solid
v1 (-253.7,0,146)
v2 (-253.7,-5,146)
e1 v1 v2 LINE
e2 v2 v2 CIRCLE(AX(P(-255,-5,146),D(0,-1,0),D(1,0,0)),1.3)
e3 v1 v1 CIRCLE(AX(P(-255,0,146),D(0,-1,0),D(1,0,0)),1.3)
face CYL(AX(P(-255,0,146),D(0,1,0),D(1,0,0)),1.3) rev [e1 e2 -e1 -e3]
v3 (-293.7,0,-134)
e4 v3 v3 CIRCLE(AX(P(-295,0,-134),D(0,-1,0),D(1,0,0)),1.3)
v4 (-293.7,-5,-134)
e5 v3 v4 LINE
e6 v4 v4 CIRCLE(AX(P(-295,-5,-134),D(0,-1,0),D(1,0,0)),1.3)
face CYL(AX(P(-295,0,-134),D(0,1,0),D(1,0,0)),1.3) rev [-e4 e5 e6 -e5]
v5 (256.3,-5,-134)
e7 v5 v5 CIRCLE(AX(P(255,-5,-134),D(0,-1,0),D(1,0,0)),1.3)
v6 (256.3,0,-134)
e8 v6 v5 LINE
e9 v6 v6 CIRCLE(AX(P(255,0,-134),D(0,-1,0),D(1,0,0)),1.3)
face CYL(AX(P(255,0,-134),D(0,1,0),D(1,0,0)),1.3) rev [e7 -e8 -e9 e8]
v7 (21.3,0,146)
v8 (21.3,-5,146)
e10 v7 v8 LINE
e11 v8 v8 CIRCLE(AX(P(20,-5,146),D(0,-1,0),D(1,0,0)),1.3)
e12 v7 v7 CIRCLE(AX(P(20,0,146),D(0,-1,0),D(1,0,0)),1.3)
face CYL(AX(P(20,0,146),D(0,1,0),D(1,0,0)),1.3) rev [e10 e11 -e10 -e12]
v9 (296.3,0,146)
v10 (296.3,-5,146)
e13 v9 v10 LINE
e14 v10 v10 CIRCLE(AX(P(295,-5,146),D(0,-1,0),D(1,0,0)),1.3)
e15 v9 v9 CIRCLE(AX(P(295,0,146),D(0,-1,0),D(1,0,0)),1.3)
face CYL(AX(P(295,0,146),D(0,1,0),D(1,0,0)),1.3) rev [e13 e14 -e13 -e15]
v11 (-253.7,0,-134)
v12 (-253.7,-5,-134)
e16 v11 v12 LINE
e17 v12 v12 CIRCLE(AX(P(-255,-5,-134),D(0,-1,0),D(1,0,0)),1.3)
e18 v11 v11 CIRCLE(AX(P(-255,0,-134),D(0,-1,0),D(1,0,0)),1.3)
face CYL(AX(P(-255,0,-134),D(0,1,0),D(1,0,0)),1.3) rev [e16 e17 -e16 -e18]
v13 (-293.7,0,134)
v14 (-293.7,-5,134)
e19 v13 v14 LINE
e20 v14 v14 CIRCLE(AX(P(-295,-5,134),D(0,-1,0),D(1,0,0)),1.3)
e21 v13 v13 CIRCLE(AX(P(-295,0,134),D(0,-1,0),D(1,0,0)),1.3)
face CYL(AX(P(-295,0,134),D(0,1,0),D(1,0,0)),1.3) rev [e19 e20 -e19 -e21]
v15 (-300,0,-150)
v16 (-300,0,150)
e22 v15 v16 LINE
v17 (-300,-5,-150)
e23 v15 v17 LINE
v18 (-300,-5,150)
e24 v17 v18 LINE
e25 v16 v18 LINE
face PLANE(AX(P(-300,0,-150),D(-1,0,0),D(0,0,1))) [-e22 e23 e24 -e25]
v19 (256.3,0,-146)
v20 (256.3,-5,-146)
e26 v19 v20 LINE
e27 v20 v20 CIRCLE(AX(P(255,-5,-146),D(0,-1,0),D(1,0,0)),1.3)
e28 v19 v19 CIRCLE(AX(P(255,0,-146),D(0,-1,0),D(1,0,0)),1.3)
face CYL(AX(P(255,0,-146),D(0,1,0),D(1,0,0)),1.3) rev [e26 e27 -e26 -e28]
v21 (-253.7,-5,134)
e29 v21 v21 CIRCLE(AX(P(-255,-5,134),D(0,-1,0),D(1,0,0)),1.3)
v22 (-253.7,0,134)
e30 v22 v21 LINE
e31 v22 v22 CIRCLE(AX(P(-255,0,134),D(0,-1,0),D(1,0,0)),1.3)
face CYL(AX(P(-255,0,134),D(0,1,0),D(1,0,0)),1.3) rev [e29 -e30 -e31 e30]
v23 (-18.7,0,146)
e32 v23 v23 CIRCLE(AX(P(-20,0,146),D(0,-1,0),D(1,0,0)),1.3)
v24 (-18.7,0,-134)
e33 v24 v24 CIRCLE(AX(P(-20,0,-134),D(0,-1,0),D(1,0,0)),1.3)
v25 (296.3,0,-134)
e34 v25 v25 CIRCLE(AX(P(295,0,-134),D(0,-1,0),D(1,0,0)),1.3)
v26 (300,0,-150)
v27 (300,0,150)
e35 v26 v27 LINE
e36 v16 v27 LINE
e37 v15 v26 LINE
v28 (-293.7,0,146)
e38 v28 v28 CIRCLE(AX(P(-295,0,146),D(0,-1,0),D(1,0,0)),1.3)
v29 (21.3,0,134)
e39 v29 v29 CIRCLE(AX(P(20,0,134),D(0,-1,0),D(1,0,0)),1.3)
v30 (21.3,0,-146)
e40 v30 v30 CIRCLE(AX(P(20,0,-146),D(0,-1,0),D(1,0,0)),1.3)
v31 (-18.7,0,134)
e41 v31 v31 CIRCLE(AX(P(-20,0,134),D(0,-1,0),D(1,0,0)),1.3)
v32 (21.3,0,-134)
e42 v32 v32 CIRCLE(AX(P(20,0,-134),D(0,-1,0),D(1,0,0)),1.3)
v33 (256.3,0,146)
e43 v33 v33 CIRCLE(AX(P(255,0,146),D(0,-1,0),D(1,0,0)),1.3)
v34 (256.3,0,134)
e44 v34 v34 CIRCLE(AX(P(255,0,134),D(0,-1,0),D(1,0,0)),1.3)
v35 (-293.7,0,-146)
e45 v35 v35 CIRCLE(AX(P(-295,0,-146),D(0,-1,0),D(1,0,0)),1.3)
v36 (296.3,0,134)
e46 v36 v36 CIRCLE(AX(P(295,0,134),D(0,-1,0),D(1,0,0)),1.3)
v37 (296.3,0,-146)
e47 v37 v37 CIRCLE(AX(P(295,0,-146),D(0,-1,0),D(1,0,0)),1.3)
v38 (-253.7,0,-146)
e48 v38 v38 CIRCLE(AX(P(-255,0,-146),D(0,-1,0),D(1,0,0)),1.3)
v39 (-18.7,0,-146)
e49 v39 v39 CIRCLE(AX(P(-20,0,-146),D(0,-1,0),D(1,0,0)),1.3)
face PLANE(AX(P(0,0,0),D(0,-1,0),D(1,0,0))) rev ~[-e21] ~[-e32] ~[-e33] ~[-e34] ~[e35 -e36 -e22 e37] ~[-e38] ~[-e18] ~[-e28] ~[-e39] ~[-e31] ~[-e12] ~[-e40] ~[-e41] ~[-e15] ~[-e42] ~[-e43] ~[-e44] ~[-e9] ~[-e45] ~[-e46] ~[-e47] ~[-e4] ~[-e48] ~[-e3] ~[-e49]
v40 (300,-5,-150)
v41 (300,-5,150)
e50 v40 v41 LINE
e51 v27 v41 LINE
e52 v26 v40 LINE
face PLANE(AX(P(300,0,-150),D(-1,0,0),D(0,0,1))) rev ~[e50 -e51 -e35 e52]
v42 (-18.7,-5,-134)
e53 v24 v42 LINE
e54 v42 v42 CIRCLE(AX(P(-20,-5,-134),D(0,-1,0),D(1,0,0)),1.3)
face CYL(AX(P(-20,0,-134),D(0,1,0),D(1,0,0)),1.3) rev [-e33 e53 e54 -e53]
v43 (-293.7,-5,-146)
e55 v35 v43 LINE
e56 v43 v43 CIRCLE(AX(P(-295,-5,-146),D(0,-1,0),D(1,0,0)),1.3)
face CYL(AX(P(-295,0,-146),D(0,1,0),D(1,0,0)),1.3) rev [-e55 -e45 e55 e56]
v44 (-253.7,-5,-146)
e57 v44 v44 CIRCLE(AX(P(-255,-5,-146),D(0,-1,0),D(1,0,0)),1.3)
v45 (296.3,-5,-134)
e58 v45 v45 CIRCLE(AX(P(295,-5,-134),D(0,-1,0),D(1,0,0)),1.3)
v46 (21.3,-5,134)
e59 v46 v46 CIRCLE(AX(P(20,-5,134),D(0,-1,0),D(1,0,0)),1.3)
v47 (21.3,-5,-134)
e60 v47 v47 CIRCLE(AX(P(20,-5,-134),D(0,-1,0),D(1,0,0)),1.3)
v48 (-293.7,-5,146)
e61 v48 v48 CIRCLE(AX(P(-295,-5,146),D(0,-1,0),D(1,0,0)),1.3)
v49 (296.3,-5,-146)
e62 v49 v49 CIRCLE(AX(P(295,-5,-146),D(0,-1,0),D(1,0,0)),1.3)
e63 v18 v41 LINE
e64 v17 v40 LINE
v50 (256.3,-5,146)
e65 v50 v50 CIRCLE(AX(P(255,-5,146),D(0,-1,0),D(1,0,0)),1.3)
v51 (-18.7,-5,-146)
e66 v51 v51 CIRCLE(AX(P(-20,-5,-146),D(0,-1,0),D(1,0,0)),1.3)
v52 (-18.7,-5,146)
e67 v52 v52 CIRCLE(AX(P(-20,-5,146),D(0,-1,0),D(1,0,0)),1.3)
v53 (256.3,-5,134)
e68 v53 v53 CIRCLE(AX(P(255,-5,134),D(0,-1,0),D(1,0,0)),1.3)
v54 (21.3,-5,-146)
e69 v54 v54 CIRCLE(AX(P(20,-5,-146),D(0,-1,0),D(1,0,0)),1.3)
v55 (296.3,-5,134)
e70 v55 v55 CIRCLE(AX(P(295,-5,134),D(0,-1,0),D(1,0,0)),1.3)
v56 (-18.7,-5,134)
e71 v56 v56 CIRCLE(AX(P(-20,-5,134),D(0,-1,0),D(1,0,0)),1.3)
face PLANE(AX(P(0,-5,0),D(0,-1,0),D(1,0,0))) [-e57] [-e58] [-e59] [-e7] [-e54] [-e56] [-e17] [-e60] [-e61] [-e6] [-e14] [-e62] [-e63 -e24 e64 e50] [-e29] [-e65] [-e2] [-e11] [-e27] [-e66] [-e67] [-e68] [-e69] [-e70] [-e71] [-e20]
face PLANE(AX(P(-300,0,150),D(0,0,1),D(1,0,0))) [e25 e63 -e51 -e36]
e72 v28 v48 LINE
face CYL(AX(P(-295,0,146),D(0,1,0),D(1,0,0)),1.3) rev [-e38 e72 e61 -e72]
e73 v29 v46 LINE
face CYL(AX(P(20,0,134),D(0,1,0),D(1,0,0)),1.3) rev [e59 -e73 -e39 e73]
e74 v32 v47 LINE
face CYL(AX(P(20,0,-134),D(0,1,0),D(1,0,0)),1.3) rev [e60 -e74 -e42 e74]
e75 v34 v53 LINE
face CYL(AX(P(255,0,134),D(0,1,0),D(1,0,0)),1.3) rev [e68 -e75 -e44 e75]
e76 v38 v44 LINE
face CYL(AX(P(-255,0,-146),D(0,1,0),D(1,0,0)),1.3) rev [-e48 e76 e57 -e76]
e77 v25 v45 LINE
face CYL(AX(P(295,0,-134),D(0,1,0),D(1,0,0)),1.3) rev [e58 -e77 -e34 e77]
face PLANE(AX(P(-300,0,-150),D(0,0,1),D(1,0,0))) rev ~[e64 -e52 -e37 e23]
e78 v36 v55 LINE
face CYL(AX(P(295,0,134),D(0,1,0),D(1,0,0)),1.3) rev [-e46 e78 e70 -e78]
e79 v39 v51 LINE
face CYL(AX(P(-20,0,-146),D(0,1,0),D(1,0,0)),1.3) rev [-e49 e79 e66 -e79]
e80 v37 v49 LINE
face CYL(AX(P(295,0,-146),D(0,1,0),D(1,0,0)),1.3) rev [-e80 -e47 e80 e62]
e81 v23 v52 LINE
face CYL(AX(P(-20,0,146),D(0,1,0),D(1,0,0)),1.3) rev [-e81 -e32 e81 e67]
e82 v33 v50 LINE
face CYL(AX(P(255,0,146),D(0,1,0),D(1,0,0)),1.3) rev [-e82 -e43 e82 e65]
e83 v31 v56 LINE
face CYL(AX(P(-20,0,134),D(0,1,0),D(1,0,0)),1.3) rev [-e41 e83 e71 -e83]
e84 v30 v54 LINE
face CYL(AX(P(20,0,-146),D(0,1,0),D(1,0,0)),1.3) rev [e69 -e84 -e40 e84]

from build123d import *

# Parameters (mm, degrees)
F0_W     = 600
F0_H     = 300
F0_R     = 1.3
F1_DEPTH = 5


with BuildPart() as f1:
    # F0 (on Front) → F1 (new body)
    with BuildSketch(Plane.XZ):
        Rectangle(F0_W, F0_H)
        with Locations((-295, -146)):
            Circle(F0_R, mode=Mode.SUBTRACT)
        with Locations((-295, -134)):
            Circle(F0_R, mode=Mode.SUBTRACT)
        with Locations((-255, -146)):
            Circle(F0_R, mode=Mode.SUBTRACT)
        with Locations((-255, -134)):
            Circle(F0_R, mode=Mode.SUBTRACT)
        with Locations((-20, -146)):
            Circle(F0_R, mode=Mode.SUBTRACT)
        with Locations((-20, -134)):
            Circle(F0_R, mode=Mode.SUBTRACT)
        with Locations((20, -146)):
            Circle(F0_R, mode=Mode.SUBTRACT)
        with Locations((20, -134)):
            Circle(F0_R, mode=Mode.SUBTRACT)
        with Locations((255, -146)):
            Circle(F0_R, mode=Mode.SUBTRACT)
        with Locations((255, -134)):
            Circle(F0_R, mode=Mode.SUBTRACT)
        with Locations((295, -146)):
            Circle(F0_R, mode=Mode.SUBTRACT)
        with Locations((295, -134)):
            Circle(F0_R, mode=Mode.SUBTRACT)
        with Locations((-295, 134)):
            Circle(F0_R, mode=Mode.SUBTRACT)
        with Locations((-295, 146)):
            Circle(F0_R, mode=Mode.SUBTRACT)
        with Locations((-255, 134)):
            Circle(F0_R, mode=Mode.SUBTRACT)
        with Locations((-255, 146)):
            Circle(F0_R, mode=Mode.SUBTRACT)
        with Locations((-20, 134)):
            Circle(F0_R, mode=Mode.SUBTRACT)
        with Locations((-20, 146)):
            Circle(F0_R, mode=Mode.SUBTRACT)
        with Locations((20, 134)):
            Circle(F0_R, mode=Mode.SUBTRACT)
        with Locations((20, 146)):
            Circle(F0_R, mode=Mode.SUBTRACT)
        with Locations((255, 134)):
            Circle(F0_R, mode=Mode.SUBTRACT)
        with Locations((255, 146)):
            Circle(F0_R, mode=Mode.SUBTRACT)
        with Locations((295, 134)):
            Circle(F0_R, mode=Mode.SUBTRACT)
        with Locations((295, 146)):
            Circle(F0_R, mode=Mode.SUBTRACT)
    extrude(amount=F1_DEPTH)


solid = f1.part
